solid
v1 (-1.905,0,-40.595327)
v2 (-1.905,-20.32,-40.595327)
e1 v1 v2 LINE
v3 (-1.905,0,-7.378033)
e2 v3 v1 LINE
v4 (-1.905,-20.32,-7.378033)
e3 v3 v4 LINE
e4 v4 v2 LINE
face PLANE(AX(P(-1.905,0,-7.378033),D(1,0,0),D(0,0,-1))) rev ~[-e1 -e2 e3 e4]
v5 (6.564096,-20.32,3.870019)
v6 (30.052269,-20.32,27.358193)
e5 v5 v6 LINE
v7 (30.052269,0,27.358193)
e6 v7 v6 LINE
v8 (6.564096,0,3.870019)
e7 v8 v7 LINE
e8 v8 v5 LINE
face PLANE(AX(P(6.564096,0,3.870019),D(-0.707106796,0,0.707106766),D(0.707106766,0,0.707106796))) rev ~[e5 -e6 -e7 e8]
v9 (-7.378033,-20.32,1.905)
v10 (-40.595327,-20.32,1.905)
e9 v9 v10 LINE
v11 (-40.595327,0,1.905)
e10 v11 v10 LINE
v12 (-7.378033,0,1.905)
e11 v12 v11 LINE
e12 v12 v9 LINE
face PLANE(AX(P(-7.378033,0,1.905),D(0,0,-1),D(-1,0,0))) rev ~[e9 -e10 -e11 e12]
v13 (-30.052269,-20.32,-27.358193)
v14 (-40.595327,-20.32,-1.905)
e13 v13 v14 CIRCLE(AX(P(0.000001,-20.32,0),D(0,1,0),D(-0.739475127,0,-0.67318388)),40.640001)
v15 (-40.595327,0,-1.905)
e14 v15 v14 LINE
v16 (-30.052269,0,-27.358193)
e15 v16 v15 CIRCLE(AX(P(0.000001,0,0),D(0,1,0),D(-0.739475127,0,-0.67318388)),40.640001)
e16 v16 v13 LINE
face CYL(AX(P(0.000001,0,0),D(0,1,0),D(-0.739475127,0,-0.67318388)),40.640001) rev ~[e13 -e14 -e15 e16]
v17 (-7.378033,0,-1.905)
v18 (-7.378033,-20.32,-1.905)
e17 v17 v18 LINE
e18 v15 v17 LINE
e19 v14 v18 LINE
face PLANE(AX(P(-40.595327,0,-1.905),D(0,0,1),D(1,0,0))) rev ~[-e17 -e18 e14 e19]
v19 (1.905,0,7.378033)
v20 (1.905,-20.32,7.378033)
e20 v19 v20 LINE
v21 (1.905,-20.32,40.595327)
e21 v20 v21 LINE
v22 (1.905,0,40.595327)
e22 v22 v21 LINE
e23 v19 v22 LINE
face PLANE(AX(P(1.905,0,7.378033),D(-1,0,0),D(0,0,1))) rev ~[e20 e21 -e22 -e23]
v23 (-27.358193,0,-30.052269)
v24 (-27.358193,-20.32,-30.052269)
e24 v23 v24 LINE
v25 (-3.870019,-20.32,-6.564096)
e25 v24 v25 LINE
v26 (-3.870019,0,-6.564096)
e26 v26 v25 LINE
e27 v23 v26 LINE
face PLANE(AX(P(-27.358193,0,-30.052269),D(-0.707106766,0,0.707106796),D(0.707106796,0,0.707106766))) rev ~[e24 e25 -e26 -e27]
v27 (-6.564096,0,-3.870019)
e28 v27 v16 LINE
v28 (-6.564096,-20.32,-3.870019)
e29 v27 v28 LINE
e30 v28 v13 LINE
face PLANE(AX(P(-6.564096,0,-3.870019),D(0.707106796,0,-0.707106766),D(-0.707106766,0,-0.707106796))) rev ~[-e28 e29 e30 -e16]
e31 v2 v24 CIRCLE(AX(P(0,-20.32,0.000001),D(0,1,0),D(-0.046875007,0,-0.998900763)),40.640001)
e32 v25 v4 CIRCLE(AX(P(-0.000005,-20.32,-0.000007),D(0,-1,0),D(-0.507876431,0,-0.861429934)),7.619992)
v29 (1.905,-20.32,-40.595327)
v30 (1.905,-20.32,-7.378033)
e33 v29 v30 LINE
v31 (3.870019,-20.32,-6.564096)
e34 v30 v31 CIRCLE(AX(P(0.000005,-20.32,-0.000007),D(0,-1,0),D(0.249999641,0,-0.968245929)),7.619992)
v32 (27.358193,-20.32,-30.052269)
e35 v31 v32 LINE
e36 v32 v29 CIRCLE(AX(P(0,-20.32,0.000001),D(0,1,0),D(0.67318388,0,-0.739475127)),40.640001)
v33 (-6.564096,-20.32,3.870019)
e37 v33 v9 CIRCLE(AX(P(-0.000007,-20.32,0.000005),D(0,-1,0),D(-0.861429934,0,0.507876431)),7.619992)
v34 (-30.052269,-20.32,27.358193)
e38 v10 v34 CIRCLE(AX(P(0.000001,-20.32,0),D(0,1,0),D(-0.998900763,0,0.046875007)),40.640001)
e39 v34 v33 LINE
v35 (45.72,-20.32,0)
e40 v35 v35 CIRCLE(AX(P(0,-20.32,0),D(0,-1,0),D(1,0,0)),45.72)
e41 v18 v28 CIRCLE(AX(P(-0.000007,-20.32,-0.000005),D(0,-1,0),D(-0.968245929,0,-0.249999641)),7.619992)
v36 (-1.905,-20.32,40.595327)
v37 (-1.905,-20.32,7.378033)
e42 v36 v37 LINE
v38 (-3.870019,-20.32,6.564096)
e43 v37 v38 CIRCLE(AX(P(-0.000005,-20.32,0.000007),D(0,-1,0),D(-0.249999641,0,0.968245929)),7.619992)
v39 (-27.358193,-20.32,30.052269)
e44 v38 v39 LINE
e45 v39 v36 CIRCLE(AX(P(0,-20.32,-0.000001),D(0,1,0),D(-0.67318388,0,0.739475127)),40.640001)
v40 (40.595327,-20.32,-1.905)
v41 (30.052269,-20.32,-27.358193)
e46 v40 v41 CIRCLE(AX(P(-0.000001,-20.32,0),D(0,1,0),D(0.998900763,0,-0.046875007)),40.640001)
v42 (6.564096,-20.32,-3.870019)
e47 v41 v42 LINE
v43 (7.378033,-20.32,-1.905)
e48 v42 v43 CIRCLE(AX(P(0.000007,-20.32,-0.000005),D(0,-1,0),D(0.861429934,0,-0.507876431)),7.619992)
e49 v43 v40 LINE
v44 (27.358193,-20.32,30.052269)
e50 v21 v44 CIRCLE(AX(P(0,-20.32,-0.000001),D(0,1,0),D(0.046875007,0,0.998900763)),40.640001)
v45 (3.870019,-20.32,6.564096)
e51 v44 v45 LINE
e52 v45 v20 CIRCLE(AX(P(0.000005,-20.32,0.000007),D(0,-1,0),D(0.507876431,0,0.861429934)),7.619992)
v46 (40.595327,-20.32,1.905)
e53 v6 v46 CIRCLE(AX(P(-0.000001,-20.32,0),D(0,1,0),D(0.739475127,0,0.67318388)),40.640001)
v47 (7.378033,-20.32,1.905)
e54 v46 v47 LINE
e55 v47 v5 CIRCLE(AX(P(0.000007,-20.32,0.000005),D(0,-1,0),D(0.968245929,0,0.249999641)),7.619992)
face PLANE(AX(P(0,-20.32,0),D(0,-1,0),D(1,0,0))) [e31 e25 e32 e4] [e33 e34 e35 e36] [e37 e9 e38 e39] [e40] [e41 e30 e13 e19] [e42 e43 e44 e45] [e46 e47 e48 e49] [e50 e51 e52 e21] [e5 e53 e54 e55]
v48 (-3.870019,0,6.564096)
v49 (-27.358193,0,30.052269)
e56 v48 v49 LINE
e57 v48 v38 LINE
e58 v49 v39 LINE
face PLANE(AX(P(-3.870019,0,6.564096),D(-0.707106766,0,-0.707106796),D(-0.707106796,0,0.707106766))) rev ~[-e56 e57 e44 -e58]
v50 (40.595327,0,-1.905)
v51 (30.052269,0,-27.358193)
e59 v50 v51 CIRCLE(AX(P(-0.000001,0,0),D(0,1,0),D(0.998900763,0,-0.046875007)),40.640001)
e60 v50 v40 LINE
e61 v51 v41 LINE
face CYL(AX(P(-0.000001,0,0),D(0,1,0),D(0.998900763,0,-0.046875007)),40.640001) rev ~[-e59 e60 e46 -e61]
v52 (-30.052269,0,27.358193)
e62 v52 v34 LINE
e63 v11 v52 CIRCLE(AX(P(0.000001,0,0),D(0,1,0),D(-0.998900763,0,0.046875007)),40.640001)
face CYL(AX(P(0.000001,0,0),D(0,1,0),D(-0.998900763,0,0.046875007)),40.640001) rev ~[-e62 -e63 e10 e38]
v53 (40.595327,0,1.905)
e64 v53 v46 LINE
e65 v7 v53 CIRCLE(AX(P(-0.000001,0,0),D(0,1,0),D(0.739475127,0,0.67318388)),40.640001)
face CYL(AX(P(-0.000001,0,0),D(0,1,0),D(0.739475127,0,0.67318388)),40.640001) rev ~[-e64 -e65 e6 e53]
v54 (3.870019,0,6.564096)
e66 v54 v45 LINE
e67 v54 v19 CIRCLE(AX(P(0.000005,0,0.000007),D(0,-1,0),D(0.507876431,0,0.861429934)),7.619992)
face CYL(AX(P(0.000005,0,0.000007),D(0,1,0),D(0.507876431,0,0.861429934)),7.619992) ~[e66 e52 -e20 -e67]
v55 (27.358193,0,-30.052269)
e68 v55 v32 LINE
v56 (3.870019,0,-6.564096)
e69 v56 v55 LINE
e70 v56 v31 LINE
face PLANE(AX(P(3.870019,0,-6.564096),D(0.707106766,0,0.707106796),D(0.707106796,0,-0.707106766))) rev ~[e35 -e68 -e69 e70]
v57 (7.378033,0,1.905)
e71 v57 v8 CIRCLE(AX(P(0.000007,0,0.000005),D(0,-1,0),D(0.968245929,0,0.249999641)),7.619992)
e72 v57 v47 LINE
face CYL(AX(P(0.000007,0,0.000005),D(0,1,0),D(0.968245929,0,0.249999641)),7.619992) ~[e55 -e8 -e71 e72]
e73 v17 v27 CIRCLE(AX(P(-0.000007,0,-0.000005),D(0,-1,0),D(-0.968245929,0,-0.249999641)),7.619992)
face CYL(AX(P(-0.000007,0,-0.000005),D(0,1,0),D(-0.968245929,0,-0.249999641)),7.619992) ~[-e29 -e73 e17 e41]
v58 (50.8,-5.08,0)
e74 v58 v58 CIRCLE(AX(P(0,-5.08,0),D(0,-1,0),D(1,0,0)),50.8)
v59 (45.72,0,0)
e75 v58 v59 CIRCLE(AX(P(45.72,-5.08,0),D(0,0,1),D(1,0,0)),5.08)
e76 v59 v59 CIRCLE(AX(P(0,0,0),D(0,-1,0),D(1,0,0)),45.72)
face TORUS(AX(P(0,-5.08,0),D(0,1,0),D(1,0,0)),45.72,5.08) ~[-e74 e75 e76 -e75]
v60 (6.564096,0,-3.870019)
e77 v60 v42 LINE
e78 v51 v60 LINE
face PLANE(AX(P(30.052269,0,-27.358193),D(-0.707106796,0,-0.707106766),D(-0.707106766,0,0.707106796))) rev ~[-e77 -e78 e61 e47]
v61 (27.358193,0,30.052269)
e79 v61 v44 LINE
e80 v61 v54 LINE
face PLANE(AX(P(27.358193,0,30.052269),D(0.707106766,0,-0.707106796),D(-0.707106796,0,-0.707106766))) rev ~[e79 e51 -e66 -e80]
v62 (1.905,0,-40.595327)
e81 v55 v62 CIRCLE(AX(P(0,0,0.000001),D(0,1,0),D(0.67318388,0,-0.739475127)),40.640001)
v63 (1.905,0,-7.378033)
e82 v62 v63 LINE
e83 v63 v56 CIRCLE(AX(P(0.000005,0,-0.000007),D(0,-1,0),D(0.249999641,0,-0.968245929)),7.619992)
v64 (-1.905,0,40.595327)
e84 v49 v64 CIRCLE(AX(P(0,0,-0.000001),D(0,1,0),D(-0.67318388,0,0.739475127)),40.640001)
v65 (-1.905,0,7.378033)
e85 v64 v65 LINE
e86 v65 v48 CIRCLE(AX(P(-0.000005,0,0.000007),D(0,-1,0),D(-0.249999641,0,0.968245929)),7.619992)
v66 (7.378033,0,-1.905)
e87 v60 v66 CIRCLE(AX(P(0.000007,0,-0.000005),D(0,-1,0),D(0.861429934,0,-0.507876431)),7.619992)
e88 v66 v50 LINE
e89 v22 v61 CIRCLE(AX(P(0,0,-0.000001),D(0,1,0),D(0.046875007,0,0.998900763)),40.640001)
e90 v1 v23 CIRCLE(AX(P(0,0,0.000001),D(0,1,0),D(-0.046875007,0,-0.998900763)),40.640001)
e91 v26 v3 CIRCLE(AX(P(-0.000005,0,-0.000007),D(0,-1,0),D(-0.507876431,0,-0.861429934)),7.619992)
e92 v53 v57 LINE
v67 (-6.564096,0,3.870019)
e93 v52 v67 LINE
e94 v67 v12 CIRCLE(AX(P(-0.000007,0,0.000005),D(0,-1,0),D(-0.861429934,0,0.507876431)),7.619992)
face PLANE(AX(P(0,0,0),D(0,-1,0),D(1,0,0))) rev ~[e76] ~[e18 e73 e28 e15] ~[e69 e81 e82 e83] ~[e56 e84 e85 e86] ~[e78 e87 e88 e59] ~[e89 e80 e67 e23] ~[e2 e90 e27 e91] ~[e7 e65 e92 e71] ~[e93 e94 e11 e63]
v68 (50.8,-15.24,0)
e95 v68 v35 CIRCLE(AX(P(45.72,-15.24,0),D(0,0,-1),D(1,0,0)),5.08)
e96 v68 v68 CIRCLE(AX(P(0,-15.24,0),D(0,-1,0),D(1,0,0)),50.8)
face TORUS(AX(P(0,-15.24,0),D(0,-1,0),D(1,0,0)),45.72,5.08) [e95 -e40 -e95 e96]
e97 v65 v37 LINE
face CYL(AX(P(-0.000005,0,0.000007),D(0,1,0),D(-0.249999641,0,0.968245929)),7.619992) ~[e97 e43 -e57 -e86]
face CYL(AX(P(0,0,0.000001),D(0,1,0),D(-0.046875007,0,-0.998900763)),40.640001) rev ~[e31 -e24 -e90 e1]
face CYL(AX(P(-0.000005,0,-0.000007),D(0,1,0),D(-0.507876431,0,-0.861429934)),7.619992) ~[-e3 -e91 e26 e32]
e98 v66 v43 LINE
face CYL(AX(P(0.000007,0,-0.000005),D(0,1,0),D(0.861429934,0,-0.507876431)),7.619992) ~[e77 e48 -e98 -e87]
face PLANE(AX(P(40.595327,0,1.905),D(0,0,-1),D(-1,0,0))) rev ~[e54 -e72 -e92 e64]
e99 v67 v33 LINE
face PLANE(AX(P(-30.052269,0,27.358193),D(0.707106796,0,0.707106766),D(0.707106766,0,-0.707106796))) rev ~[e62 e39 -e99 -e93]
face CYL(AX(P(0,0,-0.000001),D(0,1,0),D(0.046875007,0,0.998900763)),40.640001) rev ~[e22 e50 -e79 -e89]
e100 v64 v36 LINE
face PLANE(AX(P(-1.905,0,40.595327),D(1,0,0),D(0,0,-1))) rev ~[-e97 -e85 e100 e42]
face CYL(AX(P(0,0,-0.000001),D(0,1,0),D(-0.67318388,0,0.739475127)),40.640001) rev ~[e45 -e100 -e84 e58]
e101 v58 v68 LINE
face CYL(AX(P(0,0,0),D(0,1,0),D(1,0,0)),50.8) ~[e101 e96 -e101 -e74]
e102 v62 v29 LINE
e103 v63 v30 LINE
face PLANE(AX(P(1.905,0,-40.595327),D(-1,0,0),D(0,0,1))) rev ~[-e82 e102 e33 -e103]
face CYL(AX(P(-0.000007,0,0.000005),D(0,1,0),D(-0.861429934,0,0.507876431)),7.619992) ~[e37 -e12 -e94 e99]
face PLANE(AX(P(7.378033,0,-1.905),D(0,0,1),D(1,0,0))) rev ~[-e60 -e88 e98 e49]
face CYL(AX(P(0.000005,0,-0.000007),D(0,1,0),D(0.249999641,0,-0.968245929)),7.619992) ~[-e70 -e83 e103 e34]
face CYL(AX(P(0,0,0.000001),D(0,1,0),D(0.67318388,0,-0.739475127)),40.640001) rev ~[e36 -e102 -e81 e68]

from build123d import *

# Parameters (mm, degrees)
F0_R     = 50.8
F1_DEPTH = 20.32
F2_R     = 5.08


with BuildPart() as f1:
    # F0 (on Front) → F1 (new body)
    with BuildSketch(Plane.XZ):
        Circle(F0_R)
        with BuildLine():
            ThreePointArc((-1.905, -40.595327), (-15.552255, -37.546464), (-27.358193, -30.052269))
            Line((-27.358193, -30.052269), (-3.870019, -6.564096))
            ThreePointArc((-3.870019, -6.564096), (-2.916048, -7.039962), (-1.905, -7.378033))
            Line((-1.905, -7.378033), (-1.905, -40.595327))
        make_face(mode=Mode.SUBTRACT)
        with BuildLine():
            ThreePointArc((-30.052269, -27.358193), (-37.546464, -15.552255), (-40.595327, -1.905))
            Line((-40.595327, -1.905), (-7.378033, -1.905))
            ThreePointArc((-7.378033, -1.905), (-7.039962, -2.916048), (-6.564096, -3.870019))
            Line((-6.564096, -3.870019), (-30.052269, -27.358193))
        make_face(mode=Mode.SUBTRACT)
        with BuildLine():
            ThreePointArc((27.358193, -30.052269), (15.552255, -37.546464), (1.905, -40.595327))
            Line((1.905, -40.595327), (1.905, -7.378033))
            ThreePointArc((1.905, -7.378033), (2.916048, -7.039962), (3.870019, -6.564096))
            Line((3.870019, -6.564096), (27.358193, -30.052269))
        make_face(mode=Mode.SUBTRACT)
        with BuildLine():
            ThreePointArc((40.595327, -1.905), (37.546464, -15.552255), (30.052269, -27.358193))
            Line((30.052269, -27.358193), (6.564096, -3.870019))
            ThreePointArc((6.564096, -3.870019), (7.039962, -2.916048), (7.378033, -1.905))
            Line((7.378033, -1.905), (40.595327, -1.905))
        make_face(mode=Mode.SUBTRACT)
        with BuildLine():
            ThreePointArc((-40.595327, 1.905), (-37.546464, 15.552255), (-30.052269, 27.358193))
            Line((-30.052269, 27.358193), (-6.564096, 3.870019))
            ThreePointArc((-6.564096, 3.870019), (-7.039962, 2.916048), (-7.378033, 1.905))
            Line((-7.378033, 1.905), (-40.595327, 1.905))
        make_face(mode=Mode.SUBTRACT)
        with BuildLine():
            Line((-1.905, 40.595327), (-1.905, 7.378033))
            ThreePointArc((-1.905, 7.378033), (-2.916048, 7.039962), (-3.870019, 6.564096))
            Line((-3.870019, 6.564096), (-27.358193, 30.052269))
            ThreePointArc((-27.358193, 30.052269), (-15.552255, 37.546464), (-1.905, 40.595327))
        make_face(mode=Mode.SUBTRACT)
        with BuildLine():
            Line((6.564096, 3.870019), (30.052269, 27.358193))
            ThreePointArc((30.052269, 27.358193), (37.546464, 15.552255), (40.595327, 1.905))
            Line((40.595327, 1.905), (7.378033, 1.905))
            ThreePointArc((7.378033, 1.905), (7.039962, 2.916048), (6.564096, 3.870019))
        make_face(mode=Mode.SUBTRACT)
        with BuildLine():
            Line((1.905, 7.378033), (1.905, 40.595327))
            ThreePointArc((1.905, 40.595327), (15.552255, 37.546464), (27.358193, 30.052269))
            Line((27.358193, 30.052269), (3.870019, 6.564096))
            ThreePointArc((3.870019, 6.564096), (2.916048, 7.039962), (1.905, 7.378033))
        make_face(mode=Mode.SUBTRACT)
    extrude(amount=F1_DEPTH)

    # F2
    f2_edges = [f1.edges().sort_by_distance(p)[0] for p in [
        (-50.8, -20.32, 0),
        (-50.8, 0, 0),
    ]]
    fillet(f2_edges, radius=F2_R)


solid = f1.part
